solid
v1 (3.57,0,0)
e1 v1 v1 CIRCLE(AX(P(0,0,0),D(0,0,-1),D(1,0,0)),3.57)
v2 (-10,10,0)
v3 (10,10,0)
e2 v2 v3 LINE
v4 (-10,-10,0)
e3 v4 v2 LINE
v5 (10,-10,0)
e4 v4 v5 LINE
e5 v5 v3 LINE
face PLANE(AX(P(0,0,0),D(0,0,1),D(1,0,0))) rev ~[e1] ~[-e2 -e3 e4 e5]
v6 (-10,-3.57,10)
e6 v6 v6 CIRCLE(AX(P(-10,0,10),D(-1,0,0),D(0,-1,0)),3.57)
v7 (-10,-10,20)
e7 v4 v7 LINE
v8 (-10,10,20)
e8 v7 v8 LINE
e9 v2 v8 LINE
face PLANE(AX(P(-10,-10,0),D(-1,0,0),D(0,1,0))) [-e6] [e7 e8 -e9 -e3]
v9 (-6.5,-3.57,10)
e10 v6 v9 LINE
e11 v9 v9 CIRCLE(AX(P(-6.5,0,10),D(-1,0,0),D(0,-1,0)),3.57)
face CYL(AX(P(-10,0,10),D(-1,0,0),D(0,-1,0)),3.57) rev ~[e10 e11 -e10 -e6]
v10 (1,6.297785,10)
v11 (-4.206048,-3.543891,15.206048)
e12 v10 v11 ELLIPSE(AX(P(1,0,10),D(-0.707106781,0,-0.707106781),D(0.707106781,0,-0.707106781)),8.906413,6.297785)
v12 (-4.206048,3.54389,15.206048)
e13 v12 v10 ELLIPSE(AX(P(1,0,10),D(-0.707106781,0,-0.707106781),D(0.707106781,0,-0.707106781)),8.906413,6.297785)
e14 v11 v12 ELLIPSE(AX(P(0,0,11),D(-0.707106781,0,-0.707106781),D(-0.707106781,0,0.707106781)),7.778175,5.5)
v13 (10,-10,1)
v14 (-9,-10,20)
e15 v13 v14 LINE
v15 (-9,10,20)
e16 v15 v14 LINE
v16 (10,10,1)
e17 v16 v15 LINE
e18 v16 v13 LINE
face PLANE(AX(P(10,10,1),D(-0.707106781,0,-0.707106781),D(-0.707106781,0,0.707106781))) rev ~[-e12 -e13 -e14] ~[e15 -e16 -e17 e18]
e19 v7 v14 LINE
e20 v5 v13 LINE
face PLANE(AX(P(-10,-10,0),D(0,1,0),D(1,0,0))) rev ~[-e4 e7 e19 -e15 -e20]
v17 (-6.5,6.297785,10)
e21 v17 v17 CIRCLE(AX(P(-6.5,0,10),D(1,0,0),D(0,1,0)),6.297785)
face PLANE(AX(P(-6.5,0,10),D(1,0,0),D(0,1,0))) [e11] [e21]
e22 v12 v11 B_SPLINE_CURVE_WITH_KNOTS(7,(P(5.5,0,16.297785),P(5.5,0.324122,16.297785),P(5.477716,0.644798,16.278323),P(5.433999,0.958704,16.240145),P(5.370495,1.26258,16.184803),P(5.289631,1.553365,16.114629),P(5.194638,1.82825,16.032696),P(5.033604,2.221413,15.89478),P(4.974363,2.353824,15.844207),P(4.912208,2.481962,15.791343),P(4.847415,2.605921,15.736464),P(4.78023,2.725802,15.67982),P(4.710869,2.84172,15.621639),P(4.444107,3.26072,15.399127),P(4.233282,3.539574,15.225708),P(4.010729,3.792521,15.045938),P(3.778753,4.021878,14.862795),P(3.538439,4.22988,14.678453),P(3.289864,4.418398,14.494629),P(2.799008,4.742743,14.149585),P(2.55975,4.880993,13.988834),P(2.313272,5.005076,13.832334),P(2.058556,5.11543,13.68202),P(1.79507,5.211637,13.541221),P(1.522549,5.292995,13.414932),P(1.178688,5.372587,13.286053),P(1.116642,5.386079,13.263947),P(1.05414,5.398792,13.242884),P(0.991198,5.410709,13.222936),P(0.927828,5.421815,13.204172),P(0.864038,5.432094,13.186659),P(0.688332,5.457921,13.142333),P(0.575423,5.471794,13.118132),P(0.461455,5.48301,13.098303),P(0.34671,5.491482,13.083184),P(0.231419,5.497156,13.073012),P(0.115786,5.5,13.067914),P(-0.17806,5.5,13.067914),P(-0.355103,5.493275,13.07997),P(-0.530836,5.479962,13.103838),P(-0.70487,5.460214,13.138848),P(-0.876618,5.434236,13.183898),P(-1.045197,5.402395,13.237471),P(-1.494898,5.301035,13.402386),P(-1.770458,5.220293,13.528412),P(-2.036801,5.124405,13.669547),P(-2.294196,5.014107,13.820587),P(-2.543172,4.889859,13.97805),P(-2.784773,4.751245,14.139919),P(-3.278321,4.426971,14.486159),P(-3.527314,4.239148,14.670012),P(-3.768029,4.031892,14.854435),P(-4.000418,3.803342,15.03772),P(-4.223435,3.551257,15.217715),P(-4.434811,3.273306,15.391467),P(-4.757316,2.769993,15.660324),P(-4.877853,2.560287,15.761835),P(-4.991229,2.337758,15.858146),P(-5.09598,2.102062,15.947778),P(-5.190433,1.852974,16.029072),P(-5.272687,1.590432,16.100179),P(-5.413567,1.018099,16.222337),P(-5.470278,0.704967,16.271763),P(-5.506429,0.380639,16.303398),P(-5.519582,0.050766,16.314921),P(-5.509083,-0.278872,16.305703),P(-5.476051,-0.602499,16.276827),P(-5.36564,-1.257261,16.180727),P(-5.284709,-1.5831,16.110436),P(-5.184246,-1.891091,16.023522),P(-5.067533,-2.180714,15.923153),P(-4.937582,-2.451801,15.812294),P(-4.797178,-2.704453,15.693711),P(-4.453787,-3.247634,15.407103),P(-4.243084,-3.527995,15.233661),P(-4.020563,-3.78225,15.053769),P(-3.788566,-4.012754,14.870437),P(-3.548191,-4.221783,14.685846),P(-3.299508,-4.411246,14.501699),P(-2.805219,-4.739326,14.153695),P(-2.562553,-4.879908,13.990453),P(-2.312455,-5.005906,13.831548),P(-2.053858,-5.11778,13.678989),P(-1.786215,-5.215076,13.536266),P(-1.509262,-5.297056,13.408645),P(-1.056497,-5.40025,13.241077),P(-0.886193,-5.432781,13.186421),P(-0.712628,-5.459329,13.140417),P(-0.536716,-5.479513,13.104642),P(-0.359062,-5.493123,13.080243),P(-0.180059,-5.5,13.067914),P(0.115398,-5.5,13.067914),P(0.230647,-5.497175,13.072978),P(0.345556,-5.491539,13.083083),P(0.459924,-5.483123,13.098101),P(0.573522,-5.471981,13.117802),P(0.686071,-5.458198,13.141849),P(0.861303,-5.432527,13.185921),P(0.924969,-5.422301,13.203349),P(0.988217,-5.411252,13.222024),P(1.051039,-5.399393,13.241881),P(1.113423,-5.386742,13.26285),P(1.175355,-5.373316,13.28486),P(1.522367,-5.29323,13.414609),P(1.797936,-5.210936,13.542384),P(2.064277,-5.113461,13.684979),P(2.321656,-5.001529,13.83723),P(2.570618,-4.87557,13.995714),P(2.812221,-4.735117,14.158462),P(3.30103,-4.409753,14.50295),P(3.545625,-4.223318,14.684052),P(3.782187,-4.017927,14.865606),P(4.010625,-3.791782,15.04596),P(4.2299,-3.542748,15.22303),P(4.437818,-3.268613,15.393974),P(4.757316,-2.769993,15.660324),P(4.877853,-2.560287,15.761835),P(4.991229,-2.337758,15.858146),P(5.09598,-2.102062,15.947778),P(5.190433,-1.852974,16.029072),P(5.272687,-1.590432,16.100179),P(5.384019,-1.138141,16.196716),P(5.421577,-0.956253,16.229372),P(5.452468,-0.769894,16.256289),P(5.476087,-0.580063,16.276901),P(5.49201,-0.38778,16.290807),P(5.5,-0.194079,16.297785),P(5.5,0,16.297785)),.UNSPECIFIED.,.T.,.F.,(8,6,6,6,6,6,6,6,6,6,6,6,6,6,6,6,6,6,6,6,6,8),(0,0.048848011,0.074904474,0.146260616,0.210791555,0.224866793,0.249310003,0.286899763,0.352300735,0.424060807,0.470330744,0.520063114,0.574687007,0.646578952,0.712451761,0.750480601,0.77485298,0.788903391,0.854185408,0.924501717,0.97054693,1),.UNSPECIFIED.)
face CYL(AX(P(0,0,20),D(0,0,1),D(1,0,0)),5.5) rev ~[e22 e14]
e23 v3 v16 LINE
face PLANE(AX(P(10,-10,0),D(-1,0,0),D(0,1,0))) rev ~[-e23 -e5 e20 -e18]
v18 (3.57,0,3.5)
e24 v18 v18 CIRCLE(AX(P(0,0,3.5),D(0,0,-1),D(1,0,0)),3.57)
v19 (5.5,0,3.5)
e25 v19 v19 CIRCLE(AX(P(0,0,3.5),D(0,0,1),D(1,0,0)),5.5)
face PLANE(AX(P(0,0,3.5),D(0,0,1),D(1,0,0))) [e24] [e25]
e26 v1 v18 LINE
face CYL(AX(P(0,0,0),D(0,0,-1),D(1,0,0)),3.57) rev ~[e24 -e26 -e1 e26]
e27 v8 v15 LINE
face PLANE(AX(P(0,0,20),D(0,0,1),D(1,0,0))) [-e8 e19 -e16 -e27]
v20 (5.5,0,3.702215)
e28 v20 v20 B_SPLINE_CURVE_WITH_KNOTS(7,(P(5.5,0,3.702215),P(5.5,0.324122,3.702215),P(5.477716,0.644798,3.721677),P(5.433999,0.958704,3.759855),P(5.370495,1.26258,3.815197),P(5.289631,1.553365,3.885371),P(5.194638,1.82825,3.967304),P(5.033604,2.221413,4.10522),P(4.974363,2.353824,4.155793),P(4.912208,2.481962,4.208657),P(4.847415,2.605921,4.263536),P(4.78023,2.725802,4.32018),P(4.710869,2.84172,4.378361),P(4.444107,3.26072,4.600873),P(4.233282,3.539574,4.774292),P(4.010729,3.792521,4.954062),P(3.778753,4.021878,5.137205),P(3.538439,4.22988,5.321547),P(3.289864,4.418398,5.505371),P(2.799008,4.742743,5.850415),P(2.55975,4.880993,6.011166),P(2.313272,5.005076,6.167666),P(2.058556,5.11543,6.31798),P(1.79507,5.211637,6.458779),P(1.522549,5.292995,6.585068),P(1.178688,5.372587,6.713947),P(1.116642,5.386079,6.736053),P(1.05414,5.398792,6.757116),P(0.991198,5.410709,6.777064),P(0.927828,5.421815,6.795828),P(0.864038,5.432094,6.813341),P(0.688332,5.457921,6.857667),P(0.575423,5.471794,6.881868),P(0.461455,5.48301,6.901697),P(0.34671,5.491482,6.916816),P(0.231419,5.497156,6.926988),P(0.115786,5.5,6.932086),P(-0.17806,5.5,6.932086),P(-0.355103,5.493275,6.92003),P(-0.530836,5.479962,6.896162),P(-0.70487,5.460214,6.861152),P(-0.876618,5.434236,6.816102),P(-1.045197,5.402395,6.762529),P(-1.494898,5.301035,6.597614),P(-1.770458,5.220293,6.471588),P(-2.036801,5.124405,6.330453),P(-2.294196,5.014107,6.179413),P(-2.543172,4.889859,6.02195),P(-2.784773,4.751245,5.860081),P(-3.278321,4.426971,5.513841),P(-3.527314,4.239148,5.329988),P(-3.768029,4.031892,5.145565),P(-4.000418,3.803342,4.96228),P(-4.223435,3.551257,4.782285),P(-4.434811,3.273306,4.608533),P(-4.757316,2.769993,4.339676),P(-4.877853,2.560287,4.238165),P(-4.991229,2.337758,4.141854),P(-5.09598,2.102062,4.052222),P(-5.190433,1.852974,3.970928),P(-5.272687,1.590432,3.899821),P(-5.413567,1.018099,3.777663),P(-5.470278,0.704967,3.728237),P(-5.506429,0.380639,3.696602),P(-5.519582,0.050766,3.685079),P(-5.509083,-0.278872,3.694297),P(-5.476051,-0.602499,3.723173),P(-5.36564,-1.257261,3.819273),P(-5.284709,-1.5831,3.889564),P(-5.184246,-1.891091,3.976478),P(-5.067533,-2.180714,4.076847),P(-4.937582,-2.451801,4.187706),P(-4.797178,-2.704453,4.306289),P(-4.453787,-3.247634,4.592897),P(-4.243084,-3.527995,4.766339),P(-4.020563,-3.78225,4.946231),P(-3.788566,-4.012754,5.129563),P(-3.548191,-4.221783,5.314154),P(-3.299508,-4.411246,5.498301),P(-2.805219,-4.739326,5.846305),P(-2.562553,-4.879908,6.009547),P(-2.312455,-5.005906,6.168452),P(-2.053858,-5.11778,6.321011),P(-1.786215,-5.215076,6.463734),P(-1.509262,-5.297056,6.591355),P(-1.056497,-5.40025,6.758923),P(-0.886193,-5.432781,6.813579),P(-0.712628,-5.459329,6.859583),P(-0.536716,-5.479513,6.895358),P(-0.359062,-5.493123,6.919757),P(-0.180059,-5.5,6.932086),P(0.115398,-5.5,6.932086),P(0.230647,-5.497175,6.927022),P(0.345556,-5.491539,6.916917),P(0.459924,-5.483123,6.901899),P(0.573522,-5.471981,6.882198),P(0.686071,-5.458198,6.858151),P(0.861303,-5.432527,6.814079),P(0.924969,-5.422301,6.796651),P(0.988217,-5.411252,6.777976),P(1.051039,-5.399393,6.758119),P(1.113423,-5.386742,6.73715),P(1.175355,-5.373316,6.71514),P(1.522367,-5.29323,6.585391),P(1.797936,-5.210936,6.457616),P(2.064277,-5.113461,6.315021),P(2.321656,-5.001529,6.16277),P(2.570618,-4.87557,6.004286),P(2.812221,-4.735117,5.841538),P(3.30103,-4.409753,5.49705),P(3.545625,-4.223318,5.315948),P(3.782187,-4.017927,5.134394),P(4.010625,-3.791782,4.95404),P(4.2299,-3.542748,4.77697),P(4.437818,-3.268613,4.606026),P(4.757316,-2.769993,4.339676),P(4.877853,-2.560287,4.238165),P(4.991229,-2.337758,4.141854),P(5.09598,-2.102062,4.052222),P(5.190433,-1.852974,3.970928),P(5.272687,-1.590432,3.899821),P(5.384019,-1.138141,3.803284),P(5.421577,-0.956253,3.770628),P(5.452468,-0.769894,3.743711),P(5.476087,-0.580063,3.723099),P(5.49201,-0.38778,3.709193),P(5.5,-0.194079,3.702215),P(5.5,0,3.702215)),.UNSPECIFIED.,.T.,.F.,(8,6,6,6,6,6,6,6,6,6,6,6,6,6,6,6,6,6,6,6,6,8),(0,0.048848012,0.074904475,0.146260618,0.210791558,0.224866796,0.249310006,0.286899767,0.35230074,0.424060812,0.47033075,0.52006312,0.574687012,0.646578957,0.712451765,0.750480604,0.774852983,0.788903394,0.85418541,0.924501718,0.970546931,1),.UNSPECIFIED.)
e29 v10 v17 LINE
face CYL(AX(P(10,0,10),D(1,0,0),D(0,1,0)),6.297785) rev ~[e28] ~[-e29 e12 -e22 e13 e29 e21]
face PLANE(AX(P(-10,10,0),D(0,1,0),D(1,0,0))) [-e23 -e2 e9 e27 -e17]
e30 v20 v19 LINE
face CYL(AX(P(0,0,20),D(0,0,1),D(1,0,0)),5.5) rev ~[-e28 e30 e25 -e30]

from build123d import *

# Parameters (mm, degrees)
F0_W      = 20
F0_H      = 20
F1_DEPTH  = 20
F2_R      = 6.297785
F3_DEPTH  = 16.5
F4_R      = 5.5
F5_DEPTH  = 16.5
F6_R      = 3.57
F7_DEPTH  = 20.001
F8_R      = 3.57
F9_DEPTH  = 20.001
F11_DEPTH = 20.001


with BuildPart() as f1:
    # F0 (on Top) → F1 (new body)
    with BuildSketch(Plane.XY):
        Rectangle(F0_W, F0_H)
    extrude(amount=F1_DEPTH)

    # F2 (on face) → F3 (cut)
    with BuildSketch(Plane.YZ.offset(10)):
        with Locations((0, 10)):
            Circle(F2_R)
    extrude(amount=-F3_DEPTH, mode=Mode.SUBTRACT)

    # F4 (on face) → F5 (cut)
    with BuildSketch(Plane.XY.offset(20)):
        Circle(F4_R)
    extrude(amount=-F5_DEPTH, mode=Mode.SUBTRACT)

    # F6 (on face) → F7 (cut, through all)
    with BuildSketch(Plane(origin=(0, 0, 0), x_dir=(1, 0, 0), z_dir=(0, 0, -1))):
        Circle(F6_R)
    extrude(amount=-F7_DEPTH, mode=Mode.SUBTRACT)

    # F8 (on face) → F9 (cut, through all)
    with BuildSketch(Plane(origin=(-10, 0, 0), x_dir=(0, -1, 0), z_dir=(-1, 0, 0))):
        with Locations((0, 10)):
            Circle(F8_R)
    extrude(amount=-F9_DEPTH, mode=Mode.SUBTRACT)

    # F10 (on face) → F11 (cut, through all)
    with BuildSketch(Plane(origin=(0, 10, 0), x_dir=(-1, 0, 0), z_dir=(0, 1, 0))):
        Polygon((9, 20), (-10, 20), (-10, 1), align=None)
    extrude(amount=-F11_DEPTH, mode=Mode.SUBTRACT)


solid = f1.part
